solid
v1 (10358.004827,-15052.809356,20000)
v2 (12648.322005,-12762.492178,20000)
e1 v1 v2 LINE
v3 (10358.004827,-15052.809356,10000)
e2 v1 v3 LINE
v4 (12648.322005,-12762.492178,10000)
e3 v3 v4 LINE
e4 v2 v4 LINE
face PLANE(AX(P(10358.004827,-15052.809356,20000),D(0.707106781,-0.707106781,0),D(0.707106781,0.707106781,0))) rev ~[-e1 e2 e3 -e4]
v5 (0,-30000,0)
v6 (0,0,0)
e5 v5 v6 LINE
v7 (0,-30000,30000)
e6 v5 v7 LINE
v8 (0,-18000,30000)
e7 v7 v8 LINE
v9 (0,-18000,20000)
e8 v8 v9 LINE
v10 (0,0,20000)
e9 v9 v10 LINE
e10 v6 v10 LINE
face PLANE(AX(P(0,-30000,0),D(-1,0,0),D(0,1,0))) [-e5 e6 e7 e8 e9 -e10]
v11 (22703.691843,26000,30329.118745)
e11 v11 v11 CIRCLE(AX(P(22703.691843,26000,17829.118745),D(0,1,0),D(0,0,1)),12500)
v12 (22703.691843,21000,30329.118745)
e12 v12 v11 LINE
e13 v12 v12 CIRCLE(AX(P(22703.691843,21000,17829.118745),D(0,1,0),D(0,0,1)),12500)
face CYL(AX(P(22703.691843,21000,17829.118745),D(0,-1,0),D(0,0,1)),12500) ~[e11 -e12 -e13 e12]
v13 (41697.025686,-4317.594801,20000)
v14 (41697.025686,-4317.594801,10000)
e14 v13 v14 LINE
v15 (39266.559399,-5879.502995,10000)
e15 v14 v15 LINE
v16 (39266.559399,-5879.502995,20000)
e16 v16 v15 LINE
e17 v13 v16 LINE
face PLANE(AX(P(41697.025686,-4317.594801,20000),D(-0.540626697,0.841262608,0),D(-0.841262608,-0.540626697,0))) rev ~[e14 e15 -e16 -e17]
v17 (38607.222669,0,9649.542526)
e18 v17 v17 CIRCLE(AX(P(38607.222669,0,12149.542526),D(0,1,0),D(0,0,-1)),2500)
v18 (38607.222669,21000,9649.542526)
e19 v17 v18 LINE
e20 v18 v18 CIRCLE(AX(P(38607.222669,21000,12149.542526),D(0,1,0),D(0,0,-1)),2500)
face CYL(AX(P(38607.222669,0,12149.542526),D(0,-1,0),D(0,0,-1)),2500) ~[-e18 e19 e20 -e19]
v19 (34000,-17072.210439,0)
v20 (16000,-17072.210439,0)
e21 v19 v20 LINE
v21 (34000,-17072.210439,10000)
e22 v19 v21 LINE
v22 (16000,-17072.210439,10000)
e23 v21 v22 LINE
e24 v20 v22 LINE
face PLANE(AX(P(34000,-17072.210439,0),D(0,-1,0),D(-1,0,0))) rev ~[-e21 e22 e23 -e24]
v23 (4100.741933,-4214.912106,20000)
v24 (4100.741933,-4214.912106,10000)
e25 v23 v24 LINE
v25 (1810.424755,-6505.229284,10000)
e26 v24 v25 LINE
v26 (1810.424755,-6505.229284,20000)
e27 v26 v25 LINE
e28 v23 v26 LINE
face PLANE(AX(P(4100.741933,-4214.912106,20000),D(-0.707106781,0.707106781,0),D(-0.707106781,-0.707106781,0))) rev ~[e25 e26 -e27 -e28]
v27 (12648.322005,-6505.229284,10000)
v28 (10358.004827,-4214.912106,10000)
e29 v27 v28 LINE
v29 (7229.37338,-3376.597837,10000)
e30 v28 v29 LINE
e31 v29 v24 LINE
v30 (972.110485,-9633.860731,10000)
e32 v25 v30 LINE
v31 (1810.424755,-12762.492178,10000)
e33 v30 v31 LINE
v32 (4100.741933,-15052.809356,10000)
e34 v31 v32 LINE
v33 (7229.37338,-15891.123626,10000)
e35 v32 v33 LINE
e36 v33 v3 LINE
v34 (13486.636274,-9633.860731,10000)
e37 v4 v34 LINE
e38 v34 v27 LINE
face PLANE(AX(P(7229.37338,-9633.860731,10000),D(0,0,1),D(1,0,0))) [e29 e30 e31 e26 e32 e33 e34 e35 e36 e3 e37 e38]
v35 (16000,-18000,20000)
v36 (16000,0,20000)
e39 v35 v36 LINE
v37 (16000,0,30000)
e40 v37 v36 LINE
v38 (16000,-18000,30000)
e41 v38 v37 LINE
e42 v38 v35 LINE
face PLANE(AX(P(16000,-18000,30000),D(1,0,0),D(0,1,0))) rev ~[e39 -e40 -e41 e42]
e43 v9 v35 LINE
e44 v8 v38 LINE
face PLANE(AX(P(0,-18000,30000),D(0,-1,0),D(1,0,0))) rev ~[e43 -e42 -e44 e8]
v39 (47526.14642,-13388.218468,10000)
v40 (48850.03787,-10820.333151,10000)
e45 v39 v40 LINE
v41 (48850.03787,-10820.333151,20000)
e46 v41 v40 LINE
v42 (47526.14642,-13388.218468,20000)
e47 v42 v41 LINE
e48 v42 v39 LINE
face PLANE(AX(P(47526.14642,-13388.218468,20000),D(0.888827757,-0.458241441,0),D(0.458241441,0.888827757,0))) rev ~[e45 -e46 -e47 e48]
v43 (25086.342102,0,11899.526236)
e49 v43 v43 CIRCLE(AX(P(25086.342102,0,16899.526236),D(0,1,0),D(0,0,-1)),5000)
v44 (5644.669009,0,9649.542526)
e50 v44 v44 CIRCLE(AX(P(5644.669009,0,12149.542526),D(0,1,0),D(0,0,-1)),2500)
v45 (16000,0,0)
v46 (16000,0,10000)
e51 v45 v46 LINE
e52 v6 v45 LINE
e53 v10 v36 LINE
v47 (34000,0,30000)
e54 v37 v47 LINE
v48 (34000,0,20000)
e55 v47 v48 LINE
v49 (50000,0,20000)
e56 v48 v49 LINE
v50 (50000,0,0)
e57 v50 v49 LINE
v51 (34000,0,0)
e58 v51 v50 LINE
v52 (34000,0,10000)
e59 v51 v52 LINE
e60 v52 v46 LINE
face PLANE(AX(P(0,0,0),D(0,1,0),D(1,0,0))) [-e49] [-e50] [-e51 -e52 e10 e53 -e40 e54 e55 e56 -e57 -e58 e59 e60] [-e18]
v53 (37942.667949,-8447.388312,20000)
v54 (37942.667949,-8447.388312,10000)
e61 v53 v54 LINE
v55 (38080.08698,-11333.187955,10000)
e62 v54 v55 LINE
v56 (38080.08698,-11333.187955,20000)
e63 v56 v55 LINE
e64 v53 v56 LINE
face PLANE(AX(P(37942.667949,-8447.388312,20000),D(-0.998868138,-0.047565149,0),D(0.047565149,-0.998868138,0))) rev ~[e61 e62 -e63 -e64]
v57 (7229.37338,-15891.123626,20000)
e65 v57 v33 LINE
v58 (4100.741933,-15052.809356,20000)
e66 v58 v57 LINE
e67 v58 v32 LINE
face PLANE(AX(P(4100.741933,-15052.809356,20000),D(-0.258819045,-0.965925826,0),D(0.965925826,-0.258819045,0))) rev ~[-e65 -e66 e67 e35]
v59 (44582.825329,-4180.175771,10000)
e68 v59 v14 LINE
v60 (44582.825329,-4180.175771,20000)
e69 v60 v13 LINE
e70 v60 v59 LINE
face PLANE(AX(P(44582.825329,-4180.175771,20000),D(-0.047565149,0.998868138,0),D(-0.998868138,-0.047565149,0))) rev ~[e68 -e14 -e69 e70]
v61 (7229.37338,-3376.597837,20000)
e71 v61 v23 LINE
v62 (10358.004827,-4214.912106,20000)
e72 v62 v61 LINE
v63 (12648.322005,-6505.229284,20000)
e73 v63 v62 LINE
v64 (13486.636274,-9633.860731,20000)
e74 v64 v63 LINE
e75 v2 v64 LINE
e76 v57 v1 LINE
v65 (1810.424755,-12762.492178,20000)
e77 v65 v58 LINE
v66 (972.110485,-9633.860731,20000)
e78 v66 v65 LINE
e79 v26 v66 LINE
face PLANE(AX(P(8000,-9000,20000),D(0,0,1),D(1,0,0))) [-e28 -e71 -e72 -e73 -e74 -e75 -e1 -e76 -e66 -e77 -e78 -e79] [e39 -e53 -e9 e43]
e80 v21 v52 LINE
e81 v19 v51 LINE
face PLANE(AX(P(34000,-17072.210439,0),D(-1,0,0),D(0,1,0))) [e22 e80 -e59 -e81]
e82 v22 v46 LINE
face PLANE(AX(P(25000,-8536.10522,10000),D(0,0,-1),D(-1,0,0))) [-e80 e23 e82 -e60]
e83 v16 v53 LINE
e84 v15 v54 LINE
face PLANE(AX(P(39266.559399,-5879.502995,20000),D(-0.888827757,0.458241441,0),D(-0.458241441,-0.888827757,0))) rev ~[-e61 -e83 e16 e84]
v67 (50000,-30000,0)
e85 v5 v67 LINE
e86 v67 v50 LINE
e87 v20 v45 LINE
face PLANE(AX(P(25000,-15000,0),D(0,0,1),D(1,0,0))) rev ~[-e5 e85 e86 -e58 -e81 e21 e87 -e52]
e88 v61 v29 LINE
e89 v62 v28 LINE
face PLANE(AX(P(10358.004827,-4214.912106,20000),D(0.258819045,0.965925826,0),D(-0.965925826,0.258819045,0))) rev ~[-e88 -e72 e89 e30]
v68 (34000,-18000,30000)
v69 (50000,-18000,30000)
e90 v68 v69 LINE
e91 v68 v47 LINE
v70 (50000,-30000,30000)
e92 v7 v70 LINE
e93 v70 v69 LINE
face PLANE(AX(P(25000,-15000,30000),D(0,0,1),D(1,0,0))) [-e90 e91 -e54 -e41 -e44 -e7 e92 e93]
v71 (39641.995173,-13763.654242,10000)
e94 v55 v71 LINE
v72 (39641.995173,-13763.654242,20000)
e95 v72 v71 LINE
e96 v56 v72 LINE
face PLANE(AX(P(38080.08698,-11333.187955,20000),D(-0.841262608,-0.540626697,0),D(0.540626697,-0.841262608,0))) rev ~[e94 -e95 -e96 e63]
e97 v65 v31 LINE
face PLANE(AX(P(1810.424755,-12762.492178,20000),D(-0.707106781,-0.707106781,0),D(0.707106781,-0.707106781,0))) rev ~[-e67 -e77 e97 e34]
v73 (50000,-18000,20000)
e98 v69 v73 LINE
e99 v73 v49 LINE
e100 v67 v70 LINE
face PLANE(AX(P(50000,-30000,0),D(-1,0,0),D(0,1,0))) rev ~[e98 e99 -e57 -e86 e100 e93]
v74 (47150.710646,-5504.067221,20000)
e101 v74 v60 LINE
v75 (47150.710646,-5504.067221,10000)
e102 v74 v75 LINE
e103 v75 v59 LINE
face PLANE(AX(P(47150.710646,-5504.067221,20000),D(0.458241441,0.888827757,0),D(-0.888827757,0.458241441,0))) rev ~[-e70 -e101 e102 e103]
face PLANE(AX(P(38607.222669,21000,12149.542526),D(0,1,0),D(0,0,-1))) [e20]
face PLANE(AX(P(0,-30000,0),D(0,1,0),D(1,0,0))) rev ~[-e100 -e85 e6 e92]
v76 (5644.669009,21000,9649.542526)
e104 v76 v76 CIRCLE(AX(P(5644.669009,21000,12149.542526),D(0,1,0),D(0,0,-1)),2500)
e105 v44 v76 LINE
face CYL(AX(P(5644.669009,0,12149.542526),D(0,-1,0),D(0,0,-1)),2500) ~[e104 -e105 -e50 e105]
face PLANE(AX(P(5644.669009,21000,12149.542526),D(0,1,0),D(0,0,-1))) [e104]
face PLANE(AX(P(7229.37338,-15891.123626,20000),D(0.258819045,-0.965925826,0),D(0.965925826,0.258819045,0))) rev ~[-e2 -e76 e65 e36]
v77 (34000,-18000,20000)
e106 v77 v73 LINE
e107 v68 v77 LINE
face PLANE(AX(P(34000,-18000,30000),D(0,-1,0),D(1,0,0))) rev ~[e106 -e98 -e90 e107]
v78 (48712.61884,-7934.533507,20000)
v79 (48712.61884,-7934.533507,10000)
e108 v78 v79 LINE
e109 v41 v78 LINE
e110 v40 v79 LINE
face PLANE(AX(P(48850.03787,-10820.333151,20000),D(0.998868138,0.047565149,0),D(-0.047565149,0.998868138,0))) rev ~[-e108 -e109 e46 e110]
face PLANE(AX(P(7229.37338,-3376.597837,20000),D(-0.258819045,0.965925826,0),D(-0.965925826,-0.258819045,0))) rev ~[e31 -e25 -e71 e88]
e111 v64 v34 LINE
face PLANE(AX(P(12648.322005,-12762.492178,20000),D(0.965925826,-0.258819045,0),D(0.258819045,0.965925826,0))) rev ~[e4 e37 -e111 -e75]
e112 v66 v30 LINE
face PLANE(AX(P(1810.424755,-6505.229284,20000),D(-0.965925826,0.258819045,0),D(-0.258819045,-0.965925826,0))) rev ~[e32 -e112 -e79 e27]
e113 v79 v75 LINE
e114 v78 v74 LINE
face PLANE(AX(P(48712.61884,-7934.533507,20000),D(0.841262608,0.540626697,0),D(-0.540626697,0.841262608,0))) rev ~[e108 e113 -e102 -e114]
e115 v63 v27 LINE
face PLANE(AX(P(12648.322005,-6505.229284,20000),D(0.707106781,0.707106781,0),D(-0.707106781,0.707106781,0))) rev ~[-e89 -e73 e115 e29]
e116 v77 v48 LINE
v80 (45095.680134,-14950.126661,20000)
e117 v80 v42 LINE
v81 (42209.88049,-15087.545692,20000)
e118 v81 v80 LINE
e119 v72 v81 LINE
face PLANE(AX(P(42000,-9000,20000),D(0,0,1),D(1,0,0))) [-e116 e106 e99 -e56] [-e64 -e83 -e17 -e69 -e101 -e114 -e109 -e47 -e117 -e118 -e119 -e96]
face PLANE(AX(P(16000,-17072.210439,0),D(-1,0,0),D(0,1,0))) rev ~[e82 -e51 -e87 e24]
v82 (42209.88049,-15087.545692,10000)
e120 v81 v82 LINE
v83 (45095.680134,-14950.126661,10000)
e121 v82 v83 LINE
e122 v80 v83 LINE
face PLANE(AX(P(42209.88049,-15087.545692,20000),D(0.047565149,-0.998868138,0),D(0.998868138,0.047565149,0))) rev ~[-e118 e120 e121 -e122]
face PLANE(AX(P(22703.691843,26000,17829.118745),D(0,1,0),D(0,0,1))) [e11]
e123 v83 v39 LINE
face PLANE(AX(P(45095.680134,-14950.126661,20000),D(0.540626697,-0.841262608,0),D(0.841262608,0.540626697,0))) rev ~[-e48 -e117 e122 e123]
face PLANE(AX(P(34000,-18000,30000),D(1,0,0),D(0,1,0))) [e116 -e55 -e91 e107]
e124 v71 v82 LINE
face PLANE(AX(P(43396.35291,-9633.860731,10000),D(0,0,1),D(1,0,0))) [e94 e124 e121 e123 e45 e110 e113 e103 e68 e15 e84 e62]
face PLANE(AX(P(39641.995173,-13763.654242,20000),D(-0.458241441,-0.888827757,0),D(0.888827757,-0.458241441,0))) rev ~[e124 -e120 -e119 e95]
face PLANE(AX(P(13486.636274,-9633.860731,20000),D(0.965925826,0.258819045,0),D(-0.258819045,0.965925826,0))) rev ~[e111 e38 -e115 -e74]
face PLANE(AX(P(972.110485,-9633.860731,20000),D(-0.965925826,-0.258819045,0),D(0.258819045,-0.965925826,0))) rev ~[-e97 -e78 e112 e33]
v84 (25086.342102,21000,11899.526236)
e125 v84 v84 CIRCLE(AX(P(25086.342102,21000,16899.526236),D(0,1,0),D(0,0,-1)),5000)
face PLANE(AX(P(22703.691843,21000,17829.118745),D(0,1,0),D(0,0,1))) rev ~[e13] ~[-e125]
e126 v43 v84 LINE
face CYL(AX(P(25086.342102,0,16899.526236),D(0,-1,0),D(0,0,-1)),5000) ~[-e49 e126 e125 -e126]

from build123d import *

# Parameters (mm, degrees)
SKETCH1_W           = 50000
SKETCH1_H           = 30000
BOSS_EXTRUDE1_DEPTH = 30000
SKETCH2_W           = 16000
SKETCH2_H           = 18000
CUT_EXTRUDE1_DEPTH  = 10000
SKETCH3_W           = 18000
SKETCH3_H           = 17072.210439065
CUT_EXTRUDE2_DEPTH  = 10000
SKETCH4_R           = 5000
BOSS_EXTRUDE2_DEPTH = 21000
SKETCH5_R           = 12500
BOSS_EXTRUDE3_DEPTH = 5000
CUT_EXTRUDE3_DEPTH  = 10000
CUT_EXTRUDE4_DEPTH  = 10000
SKETCH8_R           = 2500
BOSS_EXTRUDE4_DEPTH = 21000


with BuildPart() as part:
    # Sketch1 → Boss-Extrude1 (new body)
    with BuildSketch(Plane.XY):
        with Locations((25000, -15000)):
            Rectangle(SKETCH1_W, SKETCH1_H)
    extrude(amount=BOSS_EXTRUDE1_DEPTH)

    # Sketch2 → Cut-Extrude1 (cut)
    with BuildSketch(Plane.XY.offset(30000)):
        with Locations((8000, -9000)):
            Rectangle(SKETCH2_W, SKETCH2_H)
        with Locations((42000, -9000)):
            Rectangle(SKETCH2_W, SKETCH2_H)
    extrude(amount=-CUT_EXTRUDE1_DEPTH, mode=Mode.SUBTRACT)

    # Sketch3 → Cut-Extrude2 (cut)
    with BuildSketch(Plane(origin=(0, 0, 0), x_dir=(-1, 0, 0), z_dir=(0, 0, -1))):
        with Locations((-25000, -8536.105219533)):
            Rectangle(SKETCH3_W, SKETCH3_H)
    extrude(amount=-CUT_EXTRUDE2_DEPTH, mode=Mode.SUBTRACT)

    # Sketch4 → Boss-Extrude2 (add)
    with BuildSketch(Plane(origin=(0, 0, 0), x_dir=(1, 0, 0), z_dir=(0, 1, 0))):
        with Locations(Location((25086.342101628, -16899.52623581, 0), (0, 0, 90))):
            Circle(SKETCH4_R)
    extrude(amount=BOSS_EXTRUDE2_DEPTH)

    # Sketch5 → Boss-Extrude3 (add)
    with BuildSketch(Plane(origin=(0, 21000, 0), x_dir=(1, 0, 0), z_dir=(0, 1, 0))):
        with Locations(Location((22703.691843144, -17829.118745341, 0), (0, 0, 270))):
            Circle(SKETCH5_R)
    extrude(amount=BOSS_EXTRUDE3_DEPTH)

    # Sketch6 → Cut-Extrude3 (cut)
    with BuildSketch(Plane.XY.offset(20000)):
        Polygon((13486.636274247, -9633.860731206), (12648.322004551, -6505.22928399), (10358.004827031, -4214.912106471), (7229.373379816, -3376.597836775), (4100.7419326, -4214.912106471), (1810.424755081, -6505.22928399), (972.110485385, -9633.860731206), (1810.424755081, -12762.492178421), (4100.7419326, -15052.809355941), (7229.373379816, -15891.123625637), (10358.004827031, -15052.809355941), (12648.322004551, -12762.492178421), align=None)
    extrude(amount=-CUT_EXTRUDE3_DEPTH, mode=Mode.SUBTRACT)

    # Sketch7 → Cut-Extrude4 (cut)
    with BuildSketch(Plane.XY.offset(20000)):
        Polygon((39266.559399303, -5879.502994547), (37942.667948973, -8447.388311527), (38080.086979624, -11333.187955202), (39641.995172969, -13763.654241531), (42209.880489949, -15087.545691861), (45095.680133623, -14950.126661209), (47526.146419952, -13388.218467865), (48850.037870282, -10820.333150885), (48712.618839631, -7934.53350721), (47150.710646286, -5504.067220882), (44582.825329306, -4180.175770552), (41697.025685631, -4317.594801203), align=None)
    extrude(amount=-CUT_EXTRUDE4_DEPTH, mode=Mode.SUBTRACT)

    # Sketch8 → Boss-Extrude4 (add)
    with BuildSketch(Plane(origin=(0, 0, 0), x_dir=(1, 0, 0), z_dir=(0, 1, 0))):
        with Locations(Location((38607.22266917, -12149.542526099, 0), (0, 0, 90))):
            Circle(SKETCH8_R)
        with Locations(Location((5644.669008724, -12149.542526099, 0), (0, 0, 90))):
            Circle(SKETCH8_R)
    extrude(amount=BOSS_EXTRUDE4_DEPTH)


solid = part.part
